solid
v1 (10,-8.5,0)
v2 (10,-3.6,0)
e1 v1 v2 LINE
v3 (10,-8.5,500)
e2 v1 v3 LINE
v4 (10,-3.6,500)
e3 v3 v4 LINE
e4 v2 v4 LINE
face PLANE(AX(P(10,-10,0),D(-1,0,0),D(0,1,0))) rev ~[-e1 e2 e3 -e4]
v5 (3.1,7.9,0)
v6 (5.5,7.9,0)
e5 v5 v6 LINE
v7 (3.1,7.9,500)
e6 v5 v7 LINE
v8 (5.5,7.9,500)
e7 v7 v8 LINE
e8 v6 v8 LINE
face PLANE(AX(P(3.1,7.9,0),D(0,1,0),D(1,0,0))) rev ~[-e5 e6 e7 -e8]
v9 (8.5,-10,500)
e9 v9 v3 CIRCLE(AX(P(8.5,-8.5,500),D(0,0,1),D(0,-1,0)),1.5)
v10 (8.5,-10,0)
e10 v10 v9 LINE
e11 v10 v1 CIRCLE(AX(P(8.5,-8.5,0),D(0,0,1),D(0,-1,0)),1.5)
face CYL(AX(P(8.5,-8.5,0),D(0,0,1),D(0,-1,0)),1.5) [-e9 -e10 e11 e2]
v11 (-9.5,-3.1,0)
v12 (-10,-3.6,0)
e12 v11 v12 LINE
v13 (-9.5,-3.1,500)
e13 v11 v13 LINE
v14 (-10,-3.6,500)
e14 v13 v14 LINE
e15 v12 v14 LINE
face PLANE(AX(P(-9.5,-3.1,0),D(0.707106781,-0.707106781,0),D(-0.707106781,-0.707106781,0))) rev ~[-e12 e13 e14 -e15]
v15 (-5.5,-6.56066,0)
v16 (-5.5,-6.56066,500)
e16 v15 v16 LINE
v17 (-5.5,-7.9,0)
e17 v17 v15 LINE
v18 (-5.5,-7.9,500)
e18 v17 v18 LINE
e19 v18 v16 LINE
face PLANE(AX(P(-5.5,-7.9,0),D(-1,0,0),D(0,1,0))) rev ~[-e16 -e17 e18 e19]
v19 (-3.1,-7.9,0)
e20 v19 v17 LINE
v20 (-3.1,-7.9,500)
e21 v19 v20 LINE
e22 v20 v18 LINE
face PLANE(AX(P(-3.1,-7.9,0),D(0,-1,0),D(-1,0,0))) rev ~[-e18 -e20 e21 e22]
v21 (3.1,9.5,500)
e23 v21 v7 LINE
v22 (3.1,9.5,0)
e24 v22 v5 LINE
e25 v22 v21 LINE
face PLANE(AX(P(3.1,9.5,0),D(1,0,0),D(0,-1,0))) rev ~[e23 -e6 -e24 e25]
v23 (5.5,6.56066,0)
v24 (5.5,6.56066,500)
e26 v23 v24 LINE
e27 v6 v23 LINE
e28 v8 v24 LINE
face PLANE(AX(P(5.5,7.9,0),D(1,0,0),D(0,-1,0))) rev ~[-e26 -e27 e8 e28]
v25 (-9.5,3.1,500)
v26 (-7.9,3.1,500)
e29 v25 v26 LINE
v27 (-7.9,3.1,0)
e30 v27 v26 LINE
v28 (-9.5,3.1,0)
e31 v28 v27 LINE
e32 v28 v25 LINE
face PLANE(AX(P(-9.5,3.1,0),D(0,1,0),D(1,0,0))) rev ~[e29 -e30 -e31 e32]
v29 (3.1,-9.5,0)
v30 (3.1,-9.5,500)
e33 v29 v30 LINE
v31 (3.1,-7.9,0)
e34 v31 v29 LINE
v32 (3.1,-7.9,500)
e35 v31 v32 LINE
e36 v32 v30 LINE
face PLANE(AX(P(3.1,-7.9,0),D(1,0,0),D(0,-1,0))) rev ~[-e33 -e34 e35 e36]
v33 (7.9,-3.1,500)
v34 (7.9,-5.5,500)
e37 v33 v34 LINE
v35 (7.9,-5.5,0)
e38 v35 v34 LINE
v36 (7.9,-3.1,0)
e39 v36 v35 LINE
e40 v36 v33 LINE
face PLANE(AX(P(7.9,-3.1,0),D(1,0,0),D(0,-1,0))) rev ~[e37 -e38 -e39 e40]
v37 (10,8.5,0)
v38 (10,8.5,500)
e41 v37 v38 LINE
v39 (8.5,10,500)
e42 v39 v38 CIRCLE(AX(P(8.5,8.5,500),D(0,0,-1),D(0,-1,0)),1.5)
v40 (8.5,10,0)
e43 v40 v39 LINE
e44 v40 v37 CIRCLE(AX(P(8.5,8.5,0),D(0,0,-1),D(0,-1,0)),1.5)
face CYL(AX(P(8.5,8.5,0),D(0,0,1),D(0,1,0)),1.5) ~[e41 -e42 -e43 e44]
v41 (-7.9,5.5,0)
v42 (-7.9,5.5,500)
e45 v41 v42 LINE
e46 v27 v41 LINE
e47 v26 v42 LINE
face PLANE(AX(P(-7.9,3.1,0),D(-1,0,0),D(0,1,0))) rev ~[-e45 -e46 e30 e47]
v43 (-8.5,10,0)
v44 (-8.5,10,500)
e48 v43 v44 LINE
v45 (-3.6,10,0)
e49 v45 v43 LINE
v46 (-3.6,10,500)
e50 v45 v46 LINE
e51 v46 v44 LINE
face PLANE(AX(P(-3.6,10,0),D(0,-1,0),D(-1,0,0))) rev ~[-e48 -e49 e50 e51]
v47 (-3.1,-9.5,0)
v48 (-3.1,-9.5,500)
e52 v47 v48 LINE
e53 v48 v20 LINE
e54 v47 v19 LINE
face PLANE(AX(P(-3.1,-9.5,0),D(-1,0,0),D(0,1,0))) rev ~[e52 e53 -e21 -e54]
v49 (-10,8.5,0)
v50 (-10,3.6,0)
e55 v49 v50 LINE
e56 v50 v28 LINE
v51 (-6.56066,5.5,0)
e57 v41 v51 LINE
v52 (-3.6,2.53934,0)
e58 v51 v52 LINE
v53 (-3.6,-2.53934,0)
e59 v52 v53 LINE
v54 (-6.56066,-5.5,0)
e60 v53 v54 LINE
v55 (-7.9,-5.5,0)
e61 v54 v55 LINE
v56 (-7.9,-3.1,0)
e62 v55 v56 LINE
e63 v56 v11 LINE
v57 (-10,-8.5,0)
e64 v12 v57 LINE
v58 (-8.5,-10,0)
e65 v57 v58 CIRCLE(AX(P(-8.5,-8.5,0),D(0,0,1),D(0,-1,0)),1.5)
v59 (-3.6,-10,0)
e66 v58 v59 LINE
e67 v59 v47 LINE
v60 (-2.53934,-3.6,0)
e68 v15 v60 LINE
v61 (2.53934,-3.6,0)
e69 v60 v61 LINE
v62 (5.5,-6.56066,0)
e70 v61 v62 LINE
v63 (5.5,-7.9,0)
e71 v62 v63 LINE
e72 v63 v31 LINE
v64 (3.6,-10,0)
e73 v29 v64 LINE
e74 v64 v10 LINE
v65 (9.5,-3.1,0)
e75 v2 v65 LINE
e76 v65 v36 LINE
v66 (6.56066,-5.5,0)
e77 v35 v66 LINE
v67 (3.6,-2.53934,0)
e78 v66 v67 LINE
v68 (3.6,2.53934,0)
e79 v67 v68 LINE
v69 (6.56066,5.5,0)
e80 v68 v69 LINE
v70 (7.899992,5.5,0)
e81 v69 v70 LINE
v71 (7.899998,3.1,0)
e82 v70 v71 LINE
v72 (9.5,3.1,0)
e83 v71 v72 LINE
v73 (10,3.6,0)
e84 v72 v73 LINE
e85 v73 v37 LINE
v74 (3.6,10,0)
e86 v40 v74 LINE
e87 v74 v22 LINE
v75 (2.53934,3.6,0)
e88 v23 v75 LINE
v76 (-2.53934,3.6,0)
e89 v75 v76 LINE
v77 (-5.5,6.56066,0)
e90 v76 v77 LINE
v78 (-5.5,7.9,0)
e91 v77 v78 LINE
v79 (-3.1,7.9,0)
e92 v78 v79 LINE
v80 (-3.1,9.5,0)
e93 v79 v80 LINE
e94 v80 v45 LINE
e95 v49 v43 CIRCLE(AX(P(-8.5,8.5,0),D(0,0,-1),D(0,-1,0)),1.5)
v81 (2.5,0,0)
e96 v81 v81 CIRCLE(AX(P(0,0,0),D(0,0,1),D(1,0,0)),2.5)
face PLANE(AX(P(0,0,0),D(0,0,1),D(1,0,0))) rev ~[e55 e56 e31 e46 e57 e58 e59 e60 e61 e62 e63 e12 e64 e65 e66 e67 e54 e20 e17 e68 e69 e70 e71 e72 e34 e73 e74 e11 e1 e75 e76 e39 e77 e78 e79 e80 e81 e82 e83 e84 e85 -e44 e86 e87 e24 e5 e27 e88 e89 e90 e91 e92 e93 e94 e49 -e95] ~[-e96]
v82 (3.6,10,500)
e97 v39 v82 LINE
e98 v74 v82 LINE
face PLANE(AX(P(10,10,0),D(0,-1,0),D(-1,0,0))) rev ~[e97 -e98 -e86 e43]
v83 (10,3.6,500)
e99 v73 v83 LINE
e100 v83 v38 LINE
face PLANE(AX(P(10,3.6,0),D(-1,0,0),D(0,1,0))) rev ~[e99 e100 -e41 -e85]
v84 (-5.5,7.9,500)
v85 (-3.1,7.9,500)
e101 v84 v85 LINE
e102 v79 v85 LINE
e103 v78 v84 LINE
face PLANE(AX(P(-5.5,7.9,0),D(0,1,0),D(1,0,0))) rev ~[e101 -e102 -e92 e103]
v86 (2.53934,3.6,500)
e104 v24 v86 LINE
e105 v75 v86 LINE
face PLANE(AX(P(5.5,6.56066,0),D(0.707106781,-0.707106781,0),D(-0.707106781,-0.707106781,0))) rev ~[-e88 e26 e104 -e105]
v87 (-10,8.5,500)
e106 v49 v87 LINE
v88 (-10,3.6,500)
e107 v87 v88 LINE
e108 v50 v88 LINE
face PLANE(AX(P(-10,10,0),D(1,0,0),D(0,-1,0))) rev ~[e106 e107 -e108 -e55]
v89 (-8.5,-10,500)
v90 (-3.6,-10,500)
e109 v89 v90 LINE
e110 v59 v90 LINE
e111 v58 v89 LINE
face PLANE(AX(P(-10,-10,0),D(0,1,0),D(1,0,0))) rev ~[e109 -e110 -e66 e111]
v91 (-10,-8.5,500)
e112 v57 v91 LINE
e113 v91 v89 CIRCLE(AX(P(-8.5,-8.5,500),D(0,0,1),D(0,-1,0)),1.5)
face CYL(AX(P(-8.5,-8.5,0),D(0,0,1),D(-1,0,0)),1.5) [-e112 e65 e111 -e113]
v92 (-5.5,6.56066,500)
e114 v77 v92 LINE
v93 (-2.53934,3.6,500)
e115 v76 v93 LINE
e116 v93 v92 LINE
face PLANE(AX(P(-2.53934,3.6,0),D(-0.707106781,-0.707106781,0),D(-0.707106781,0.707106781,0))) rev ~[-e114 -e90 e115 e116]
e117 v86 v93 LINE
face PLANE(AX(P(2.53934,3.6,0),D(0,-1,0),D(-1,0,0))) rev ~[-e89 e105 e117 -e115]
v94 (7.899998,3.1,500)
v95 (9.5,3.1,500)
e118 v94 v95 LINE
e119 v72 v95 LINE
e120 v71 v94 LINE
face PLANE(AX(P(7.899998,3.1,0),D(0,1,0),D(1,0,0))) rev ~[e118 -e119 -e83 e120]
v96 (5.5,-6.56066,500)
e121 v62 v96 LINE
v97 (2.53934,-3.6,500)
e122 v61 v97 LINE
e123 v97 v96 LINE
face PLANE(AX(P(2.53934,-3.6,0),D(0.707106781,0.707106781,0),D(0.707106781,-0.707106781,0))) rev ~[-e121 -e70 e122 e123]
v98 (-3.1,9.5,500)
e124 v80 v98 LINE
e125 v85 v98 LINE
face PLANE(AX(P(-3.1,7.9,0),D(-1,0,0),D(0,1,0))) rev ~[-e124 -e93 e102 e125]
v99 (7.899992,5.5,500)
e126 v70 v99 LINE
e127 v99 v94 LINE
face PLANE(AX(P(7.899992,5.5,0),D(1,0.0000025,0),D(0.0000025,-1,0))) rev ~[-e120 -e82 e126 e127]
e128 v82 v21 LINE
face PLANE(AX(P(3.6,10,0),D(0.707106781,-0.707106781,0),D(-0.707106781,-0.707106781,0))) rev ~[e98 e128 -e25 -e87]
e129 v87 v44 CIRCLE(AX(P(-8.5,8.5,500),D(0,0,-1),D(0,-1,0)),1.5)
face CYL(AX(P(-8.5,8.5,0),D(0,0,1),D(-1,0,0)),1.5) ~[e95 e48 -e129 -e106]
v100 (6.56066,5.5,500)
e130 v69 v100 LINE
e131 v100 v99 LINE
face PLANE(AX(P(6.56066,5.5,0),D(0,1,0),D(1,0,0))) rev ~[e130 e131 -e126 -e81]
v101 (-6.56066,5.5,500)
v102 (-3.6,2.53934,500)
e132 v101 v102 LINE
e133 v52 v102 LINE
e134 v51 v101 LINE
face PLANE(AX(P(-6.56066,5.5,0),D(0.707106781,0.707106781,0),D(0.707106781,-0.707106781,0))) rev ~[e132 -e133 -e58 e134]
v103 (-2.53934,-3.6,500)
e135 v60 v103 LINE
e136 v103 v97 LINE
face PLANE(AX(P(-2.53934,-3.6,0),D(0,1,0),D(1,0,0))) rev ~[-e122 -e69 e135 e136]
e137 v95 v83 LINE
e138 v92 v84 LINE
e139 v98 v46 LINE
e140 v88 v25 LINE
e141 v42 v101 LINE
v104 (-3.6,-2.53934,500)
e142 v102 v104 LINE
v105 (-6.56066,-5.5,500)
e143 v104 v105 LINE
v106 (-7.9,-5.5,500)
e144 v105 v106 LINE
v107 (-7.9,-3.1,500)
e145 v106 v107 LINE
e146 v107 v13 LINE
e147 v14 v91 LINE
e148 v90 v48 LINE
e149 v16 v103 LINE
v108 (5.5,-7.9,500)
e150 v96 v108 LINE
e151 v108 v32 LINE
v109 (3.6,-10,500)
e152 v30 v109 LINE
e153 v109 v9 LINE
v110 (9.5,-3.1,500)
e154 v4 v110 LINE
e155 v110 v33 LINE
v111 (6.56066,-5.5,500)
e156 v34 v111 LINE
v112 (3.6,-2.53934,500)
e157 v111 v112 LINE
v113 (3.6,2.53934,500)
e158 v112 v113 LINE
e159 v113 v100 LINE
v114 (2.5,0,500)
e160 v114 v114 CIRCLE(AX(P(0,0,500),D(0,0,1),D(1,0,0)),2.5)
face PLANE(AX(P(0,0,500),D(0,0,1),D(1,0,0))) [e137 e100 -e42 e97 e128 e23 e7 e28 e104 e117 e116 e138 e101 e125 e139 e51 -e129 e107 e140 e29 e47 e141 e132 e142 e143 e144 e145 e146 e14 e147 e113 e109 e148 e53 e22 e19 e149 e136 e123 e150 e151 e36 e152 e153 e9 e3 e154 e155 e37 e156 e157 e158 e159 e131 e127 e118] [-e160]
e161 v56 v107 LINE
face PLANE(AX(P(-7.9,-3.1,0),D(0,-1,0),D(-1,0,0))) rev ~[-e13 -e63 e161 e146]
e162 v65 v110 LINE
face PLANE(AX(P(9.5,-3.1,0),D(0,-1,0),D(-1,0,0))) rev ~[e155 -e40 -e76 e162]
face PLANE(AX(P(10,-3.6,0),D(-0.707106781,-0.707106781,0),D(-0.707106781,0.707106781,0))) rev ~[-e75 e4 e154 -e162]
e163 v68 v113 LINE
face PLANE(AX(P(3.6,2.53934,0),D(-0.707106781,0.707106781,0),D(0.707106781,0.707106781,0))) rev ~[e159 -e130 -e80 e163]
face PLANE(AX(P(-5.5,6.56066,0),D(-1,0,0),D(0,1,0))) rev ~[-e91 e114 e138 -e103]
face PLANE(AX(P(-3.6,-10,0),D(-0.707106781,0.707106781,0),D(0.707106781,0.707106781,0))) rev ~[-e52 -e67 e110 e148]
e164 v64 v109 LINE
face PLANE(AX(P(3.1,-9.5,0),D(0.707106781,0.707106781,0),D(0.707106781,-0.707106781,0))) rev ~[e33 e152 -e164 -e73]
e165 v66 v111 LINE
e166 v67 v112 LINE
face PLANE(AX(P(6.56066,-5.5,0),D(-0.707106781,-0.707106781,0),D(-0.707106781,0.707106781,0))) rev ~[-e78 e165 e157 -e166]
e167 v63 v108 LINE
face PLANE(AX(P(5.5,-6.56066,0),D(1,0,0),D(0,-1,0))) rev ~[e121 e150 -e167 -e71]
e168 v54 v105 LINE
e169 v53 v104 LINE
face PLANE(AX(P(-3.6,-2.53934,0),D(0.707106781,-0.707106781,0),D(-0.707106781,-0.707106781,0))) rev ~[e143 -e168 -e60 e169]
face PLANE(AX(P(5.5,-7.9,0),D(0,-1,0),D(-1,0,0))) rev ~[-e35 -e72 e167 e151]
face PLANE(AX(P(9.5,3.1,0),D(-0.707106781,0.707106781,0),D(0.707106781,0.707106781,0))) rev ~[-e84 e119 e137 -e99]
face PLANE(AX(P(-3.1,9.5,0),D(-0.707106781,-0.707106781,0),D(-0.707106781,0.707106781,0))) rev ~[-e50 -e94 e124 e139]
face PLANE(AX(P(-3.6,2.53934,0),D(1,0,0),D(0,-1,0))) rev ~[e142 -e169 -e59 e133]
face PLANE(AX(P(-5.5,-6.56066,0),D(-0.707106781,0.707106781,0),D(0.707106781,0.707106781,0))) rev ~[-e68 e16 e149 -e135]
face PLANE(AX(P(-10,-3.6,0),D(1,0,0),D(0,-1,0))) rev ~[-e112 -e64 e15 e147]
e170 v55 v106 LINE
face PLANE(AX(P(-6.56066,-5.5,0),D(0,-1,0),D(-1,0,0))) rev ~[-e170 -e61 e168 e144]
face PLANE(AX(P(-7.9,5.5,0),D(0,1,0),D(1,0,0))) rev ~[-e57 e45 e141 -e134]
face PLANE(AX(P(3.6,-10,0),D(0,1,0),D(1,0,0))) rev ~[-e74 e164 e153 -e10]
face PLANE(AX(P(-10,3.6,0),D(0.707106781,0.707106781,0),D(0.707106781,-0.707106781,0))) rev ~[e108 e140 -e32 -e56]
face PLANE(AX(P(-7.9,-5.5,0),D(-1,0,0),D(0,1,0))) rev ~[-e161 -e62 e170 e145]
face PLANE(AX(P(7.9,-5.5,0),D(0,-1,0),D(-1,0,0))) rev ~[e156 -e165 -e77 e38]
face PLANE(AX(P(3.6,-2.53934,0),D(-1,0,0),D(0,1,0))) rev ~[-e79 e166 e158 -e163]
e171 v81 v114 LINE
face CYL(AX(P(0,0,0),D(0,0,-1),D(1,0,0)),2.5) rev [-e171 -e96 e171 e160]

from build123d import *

# Parameters (mm, degrees)
SKETCH_R  = 2.5
PAD_DEPTH = 500
FILLET_R  = 1.5


with BuildPart() as part:
    # Sketch → Pad (new body)
    with BuildSketch(Plane.XY):
        Polygon((-3.6, 2.53934), (-3.6, -2.53934), (-6.56066, -5.5), (-7.9, -5.5), (-7.9, -3.1), (-9.5, -3.1), (-10, -3.6), (-10, -10), (-3.6, -10), (-3.1, -9.5), (-3.1, -7.9), (-5.5, -7.9), (-5.5, -6.56066), (-2.53934, -3.6), (2.53934, -3.6), (5.5, -6.56066), (5.5, -7.9), (3.1, -7.9), (3.1, -9.5), (3.6, -10), (10, -10), (10, -3.6), (9.5, -3.1), (7.9, -3.1), (7.9, -5.5), (6.56066, -5.5), (3.6, -2.53934), (3.6, 2.53934), (6.56066, 5.5), (7.899992, 5.5), (7.899998, 3.1), (9.5, 3.1), (10, 3.6), (10, 10), (3.6, 10), (3.1, 9.5), (3.1, 7.9), (5.5, 7.9), (5.5, 6.56066), (2.53934, 3.6), (-2.53934, 3.6), (-5.5, 6.56066), (-5.5, 7.9), (-3.1, 7.9), (-3.1, 9.5), (-3.6, 10), (-10, 10), (-10, 3.6), (-9.5, 3.1), (-7.9, 3.1), (-7.9, 5.5), (-6.56066, 5.5), align=None)
        Circle(SKETCH_R, mode=Mode.SUBTRACT)
    extrude(amount=PAD_DEPTH)

    # Fillet
    fillet_edges = [part.edges().sort_by_distance(p)[0] for p in [
        (-10, -10, 250),
        (10, -10, 250),
        (10, 10, 250),
        (-10, 10, 250),
    ]]
    fillet(fillet_edges, radius=FILLET_R)


solid = part.part
